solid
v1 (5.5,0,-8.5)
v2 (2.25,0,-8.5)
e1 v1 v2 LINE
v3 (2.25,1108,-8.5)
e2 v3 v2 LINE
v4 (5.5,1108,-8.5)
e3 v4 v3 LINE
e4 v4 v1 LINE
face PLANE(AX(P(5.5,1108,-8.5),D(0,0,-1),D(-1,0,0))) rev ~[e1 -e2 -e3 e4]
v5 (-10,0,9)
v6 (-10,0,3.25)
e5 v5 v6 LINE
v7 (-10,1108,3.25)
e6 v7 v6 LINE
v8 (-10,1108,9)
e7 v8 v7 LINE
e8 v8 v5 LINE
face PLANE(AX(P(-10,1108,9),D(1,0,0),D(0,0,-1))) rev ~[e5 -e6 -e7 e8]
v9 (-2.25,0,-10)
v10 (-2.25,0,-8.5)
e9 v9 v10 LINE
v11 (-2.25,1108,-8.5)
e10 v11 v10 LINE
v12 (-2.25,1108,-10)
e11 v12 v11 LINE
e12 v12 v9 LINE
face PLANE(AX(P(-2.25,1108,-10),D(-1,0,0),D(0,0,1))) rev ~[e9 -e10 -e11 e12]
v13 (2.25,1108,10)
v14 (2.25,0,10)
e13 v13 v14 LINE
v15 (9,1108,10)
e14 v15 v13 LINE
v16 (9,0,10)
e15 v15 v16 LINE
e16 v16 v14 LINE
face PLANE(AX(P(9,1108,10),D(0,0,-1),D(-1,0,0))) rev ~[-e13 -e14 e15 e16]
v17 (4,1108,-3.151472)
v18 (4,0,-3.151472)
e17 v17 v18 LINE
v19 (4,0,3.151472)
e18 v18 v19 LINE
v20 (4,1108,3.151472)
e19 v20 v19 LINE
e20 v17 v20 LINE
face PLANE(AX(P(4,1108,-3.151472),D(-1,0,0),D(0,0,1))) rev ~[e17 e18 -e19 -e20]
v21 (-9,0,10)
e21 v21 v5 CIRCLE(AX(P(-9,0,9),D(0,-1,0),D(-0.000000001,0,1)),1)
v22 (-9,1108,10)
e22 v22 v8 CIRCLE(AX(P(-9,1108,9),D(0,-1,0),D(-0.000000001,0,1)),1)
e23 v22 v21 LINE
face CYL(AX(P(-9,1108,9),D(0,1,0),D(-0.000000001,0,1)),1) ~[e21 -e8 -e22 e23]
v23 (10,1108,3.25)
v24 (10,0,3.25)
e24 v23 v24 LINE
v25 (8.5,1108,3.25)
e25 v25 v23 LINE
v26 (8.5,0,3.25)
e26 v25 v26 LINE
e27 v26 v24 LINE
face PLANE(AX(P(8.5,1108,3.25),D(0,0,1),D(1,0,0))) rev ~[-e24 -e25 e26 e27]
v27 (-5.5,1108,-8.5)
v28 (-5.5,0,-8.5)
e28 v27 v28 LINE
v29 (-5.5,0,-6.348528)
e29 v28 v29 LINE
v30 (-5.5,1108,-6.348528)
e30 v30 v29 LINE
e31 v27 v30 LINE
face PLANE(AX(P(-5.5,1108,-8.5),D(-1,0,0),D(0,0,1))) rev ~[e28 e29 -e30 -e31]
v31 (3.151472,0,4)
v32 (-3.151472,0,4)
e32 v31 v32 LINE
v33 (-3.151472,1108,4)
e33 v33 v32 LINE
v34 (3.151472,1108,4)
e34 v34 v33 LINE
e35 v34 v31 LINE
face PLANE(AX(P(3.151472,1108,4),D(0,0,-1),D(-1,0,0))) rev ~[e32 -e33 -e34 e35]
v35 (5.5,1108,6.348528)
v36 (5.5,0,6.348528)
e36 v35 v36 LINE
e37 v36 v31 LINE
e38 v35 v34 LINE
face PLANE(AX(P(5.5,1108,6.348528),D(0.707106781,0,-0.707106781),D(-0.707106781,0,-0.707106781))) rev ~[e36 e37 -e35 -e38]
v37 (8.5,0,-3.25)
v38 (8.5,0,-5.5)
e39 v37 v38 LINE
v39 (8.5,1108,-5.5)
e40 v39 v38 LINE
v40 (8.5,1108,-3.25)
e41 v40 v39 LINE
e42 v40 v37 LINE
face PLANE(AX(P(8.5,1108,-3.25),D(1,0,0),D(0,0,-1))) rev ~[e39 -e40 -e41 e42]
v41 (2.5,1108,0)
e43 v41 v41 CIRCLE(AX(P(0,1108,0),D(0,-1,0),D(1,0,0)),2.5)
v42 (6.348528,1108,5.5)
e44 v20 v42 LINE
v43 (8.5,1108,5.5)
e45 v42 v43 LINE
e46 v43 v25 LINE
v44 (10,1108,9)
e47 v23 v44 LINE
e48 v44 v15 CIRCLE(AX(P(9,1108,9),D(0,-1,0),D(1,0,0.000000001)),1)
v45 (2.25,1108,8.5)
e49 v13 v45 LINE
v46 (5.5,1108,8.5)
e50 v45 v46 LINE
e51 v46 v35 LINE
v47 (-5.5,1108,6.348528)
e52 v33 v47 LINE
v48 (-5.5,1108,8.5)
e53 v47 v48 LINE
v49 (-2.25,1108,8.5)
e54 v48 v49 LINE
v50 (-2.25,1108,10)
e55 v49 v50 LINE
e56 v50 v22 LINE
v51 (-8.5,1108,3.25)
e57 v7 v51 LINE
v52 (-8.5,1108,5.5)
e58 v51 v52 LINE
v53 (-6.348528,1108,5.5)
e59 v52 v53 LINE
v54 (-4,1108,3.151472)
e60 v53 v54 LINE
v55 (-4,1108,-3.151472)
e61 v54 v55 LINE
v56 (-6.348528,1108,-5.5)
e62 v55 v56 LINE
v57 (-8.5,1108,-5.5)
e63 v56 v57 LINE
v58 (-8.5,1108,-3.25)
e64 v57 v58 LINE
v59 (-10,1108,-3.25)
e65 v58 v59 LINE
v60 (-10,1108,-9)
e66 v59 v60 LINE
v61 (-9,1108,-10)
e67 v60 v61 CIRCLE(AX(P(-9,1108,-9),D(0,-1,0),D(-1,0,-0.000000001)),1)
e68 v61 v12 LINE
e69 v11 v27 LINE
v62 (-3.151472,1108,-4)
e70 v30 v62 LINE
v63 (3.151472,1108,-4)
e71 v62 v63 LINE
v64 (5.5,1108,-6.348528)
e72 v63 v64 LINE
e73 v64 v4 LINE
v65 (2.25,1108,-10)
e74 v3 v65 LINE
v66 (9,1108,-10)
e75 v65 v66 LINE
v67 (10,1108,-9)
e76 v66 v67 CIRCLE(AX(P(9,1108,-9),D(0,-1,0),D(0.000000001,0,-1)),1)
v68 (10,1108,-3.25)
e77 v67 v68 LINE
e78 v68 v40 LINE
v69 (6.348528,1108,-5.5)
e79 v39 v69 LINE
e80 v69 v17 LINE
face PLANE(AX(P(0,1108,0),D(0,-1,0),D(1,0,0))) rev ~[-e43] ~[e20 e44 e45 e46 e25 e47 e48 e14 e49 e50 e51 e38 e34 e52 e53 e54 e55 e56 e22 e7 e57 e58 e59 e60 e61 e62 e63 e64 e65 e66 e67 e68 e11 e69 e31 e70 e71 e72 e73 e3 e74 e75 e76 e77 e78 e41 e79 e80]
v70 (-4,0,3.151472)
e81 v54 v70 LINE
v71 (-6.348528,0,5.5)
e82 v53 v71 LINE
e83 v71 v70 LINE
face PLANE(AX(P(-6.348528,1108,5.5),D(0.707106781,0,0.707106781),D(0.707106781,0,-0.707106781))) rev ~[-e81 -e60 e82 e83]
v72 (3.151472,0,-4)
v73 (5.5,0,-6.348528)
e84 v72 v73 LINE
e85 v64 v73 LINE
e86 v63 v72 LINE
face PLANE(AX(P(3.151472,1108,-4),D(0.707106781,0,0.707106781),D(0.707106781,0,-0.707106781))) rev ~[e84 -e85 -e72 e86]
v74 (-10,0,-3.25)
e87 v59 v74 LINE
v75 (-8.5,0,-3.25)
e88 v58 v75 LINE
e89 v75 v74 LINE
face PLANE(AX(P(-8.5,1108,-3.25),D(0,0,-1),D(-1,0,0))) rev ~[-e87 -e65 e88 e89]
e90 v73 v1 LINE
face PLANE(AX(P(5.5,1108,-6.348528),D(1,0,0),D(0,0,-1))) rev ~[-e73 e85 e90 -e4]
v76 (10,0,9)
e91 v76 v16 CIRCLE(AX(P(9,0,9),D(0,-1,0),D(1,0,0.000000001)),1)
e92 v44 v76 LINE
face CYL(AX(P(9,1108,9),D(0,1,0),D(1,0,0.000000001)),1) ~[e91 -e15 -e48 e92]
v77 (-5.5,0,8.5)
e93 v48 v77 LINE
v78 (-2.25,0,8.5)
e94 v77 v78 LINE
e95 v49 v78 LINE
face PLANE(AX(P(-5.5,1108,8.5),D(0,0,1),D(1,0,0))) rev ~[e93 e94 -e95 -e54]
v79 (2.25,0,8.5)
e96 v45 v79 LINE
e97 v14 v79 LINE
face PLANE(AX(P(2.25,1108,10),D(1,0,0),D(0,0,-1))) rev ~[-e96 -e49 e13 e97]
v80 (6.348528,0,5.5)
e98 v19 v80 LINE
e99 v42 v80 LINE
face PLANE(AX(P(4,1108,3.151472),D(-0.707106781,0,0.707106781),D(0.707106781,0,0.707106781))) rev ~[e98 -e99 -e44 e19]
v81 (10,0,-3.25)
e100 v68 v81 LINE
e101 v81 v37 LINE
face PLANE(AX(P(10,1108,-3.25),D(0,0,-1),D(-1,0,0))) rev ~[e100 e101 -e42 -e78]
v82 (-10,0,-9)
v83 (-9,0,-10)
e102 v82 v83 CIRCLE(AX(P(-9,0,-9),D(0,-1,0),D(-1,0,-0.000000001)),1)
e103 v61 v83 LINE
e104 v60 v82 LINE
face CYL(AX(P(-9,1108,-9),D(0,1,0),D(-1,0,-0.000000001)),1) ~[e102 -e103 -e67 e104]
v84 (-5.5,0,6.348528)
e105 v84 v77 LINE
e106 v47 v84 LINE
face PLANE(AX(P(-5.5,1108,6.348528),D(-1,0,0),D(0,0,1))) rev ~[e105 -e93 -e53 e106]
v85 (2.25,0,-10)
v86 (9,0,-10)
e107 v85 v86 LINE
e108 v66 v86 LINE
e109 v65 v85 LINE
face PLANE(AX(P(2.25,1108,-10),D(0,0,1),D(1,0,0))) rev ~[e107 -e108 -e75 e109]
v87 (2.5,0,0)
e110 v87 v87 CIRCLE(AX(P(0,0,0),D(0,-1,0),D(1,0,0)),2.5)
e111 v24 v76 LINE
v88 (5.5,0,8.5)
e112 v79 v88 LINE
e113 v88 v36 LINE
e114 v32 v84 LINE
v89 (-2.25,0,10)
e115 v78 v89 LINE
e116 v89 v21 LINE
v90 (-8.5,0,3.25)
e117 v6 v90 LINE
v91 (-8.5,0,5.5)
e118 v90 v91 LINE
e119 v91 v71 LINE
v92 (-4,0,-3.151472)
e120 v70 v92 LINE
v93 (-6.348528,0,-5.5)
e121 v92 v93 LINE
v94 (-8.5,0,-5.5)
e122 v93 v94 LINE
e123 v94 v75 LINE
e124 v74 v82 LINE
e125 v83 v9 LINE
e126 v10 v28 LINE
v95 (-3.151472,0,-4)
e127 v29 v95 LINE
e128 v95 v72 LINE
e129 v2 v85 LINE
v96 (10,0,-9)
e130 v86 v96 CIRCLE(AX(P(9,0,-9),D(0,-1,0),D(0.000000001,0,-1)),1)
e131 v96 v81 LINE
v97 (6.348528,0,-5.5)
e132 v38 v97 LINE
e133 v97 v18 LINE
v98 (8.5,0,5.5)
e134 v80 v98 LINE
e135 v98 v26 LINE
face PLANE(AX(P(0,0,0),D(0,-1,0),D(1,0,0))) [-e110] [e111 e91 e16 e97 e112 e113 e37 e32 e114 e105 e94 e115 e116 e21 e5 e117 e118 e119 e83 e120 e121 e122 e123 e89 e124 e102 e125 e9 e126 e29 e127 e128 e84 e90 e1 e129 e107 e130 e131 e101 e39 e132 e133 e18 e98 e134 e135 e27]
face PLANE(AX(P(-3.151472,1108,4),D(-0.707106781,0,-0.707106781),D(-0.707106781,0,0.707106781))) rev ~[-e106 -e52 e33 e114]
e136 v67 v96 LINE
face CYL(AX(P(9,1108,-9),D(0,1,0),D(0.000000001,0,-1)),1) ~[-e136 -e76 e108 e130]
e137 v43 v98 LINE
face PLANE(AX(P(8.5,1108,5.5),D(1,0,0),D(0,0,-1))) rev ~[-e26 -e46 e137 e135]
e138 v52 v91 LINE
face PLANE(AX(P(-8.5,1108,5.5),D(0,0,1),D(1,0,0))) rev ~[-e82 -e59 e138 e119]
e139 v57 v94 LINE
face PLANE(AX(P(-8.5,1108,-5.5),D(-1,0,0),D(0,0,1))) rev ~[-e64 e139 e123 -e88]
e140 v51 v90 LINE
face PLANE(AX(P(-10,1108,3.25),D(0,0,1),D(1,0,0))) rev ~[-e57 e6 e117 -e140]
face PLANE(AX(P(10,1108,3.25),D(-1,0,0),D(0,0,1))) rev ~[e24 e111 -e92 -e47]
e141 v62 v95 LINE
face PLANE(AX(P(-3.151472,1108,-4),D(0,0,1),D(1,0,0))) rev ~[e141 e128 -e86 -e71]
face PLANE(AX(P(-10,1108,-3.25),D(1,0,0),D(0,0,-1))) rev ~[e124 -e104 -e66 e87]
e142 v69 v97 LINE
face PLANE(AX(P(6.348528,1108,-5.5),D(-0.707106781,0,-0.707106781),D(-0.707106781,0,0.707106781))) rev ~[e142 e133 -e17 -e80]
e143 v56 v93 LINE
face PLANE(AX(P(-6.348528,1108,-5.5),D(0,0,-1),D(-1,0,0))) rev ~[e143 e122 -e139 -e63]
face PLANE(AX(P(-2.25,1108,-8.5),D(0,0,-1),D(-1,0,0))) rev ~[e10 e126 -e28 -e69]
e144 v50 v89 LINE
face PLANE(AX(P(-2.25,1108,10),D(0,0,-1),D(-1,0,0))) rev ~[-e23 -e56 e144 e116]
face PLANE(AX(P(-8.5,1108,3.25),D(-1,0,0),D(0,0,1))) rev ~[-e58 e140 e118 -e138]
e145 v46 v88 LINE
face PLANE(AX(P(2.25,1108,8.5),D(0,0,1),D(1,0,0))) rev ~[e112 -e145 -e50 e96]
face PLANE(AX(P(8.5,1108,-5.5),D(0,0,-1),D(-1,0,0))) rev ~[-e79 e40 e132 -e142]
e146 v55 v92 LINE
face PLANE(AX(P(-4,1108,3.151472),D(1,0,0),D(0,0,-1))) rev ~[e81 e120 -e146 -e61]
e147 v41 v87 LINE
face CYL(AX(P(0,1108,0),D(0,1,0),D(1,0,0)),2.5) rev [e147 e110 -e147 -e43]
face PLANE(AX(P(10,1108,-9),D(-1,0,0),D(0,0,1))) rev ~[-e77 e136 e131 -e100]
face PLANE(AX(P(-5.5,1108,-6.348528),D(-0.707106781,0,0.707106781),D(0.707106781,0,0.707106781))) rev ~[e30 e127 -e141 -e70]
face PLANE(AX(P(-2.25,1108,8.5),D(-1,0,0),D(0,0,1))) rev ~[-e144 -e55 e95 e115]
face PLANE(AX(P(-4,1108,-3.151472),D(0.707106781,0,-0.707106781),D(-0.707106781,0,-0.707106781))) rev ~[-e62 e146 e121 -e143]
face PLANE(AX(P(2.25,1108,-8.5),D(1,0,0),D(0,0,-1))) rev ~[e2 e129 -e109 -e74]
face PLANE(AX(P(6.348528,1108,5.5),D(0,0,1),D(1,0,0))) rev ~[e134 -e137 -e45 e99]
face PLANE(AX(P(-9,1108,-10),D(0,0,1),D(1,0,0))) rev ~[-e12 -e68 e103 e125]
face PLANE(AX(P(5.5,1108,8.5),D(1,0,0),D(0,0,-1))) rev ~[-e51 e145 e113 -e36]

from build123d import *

# Parameters (mm, degrees)
SKETCH_11_R           = 2.5
F_20_X_20_X_2_1_DEPTH = 1108


with BuildPart() as part:
    # 草图11 → 铝型材 20 X 20 X 2(1) (new body)
    with BuildSketch(Plane.XZ.offset(-1108)):
        with BuildLine():
            Line((-10, 9), (-10, 3.25))
            Line((-10, 3.25), (-8.5, 3.25))
            Line((-8.5, 3.25), (-8.5, 5.5))
            Line((-8.5, 5.5), (-6.348528137, 5.5))
            Line((-6.348528137, 5.5), (-4, 3.151471863))
            Line((-4, 3.151471863), (-4, -3.151471863))
            Line((-4, -3.151471863), (-6.348528137, -5.5))
            Line((-6.348528137, -5.5), (-8.5, -5.5))
            Line((-8.5, -5.5), (-8.5, -3.25))
            Line((-8.5, -3.25), (-10, -3.25))
            Line((-10, -3.25), (-10, -9))
            ThreePointArc((-10, -9), (-9.707106781, -9.707106781), (-9, -10))
            Line((-9, -10), (-2.25, -10))
            Line((-2.25, -10), (-2.25, -8.5))
            Line((-2.25, -8.5), (-5.5, -8.5))
            Line((-5.5, -8.5), (-5.5, -6.348528137))
            Line((-5.5, -6.348528137), (-3.151471863, -4))
            Line((-3.151471863, -4), (3.151471863, -4))
            Line((3.151471863, -4), (5.5, -6.348528137))
            Line((5.5, -6.348528137), (5.5, -8.5))
            Line((5.5, -8.5), (2.25, -8.5))
            Line((2.25, -8.5), (2.25, -10))
            Line((2.25, -10), (9, -10))
            ThreePointArc((9, -10), (9.707106781, -9.707106781), (10, -9))
            Line((10, -9), (10, -3.25))
            Line((10, -3.25), (8.5, -3.25))
            Line((8.5, -3.25), (8.5, -5.5))
            Line((8.5, -5.5), (6.348528137, -5.5))
            Line((6.348528137, -5.5), (4, -3.151471863))
            Line((4, -3.151471863), (4, 3.151471863))
            Line((4, 3.151471863), (6.348528137, 5.5))
            Line((6.348528137, 5.5), (8.5, 5.5))
            Line((8.5, 5.5), (8.5, 3.25))
            Line((8.5, 3.25), (10, 3.25))
            Line((10, 3.25), (10, 9))
            ThreePointArc((10, 9), (9.707106781, 9.707106781), (9, 10))
            Line((9, 10), (2.25, 10))
            Line((2.25, 10), (2.25, 8.5))
            Line((2.25, 8.5), (5.5, 8.5))
            Line((5.5, 8.5), (5.5, 6.348528137))
            Line((5.5, 6.348528137), (3.151471863, 4))
            Line((3.151471863, 4), (-3.151471863, 4))
            Line((-3.151471863, 4), (-5.5, 6.348528137))
            Line((-5.5, 6.348528137), (-5.5, 8.5))
            Line((-5.5, 8.5), (-2.25, 8.5))
            Line((-2.25, 8.5), (-2.25, 10))
            Line((-2.25, 10), (-9, 10))
            ThreePointArc((-9, 10), (-9.707106781, 9.707106781), (-10, 9))
        make_face()
        Circle(SKETCH_11_R, mode=Mode.SUBTRACT)
    extrude(amount=F_20_X_20_X_2_1_DEPTH)


solid = part.part
